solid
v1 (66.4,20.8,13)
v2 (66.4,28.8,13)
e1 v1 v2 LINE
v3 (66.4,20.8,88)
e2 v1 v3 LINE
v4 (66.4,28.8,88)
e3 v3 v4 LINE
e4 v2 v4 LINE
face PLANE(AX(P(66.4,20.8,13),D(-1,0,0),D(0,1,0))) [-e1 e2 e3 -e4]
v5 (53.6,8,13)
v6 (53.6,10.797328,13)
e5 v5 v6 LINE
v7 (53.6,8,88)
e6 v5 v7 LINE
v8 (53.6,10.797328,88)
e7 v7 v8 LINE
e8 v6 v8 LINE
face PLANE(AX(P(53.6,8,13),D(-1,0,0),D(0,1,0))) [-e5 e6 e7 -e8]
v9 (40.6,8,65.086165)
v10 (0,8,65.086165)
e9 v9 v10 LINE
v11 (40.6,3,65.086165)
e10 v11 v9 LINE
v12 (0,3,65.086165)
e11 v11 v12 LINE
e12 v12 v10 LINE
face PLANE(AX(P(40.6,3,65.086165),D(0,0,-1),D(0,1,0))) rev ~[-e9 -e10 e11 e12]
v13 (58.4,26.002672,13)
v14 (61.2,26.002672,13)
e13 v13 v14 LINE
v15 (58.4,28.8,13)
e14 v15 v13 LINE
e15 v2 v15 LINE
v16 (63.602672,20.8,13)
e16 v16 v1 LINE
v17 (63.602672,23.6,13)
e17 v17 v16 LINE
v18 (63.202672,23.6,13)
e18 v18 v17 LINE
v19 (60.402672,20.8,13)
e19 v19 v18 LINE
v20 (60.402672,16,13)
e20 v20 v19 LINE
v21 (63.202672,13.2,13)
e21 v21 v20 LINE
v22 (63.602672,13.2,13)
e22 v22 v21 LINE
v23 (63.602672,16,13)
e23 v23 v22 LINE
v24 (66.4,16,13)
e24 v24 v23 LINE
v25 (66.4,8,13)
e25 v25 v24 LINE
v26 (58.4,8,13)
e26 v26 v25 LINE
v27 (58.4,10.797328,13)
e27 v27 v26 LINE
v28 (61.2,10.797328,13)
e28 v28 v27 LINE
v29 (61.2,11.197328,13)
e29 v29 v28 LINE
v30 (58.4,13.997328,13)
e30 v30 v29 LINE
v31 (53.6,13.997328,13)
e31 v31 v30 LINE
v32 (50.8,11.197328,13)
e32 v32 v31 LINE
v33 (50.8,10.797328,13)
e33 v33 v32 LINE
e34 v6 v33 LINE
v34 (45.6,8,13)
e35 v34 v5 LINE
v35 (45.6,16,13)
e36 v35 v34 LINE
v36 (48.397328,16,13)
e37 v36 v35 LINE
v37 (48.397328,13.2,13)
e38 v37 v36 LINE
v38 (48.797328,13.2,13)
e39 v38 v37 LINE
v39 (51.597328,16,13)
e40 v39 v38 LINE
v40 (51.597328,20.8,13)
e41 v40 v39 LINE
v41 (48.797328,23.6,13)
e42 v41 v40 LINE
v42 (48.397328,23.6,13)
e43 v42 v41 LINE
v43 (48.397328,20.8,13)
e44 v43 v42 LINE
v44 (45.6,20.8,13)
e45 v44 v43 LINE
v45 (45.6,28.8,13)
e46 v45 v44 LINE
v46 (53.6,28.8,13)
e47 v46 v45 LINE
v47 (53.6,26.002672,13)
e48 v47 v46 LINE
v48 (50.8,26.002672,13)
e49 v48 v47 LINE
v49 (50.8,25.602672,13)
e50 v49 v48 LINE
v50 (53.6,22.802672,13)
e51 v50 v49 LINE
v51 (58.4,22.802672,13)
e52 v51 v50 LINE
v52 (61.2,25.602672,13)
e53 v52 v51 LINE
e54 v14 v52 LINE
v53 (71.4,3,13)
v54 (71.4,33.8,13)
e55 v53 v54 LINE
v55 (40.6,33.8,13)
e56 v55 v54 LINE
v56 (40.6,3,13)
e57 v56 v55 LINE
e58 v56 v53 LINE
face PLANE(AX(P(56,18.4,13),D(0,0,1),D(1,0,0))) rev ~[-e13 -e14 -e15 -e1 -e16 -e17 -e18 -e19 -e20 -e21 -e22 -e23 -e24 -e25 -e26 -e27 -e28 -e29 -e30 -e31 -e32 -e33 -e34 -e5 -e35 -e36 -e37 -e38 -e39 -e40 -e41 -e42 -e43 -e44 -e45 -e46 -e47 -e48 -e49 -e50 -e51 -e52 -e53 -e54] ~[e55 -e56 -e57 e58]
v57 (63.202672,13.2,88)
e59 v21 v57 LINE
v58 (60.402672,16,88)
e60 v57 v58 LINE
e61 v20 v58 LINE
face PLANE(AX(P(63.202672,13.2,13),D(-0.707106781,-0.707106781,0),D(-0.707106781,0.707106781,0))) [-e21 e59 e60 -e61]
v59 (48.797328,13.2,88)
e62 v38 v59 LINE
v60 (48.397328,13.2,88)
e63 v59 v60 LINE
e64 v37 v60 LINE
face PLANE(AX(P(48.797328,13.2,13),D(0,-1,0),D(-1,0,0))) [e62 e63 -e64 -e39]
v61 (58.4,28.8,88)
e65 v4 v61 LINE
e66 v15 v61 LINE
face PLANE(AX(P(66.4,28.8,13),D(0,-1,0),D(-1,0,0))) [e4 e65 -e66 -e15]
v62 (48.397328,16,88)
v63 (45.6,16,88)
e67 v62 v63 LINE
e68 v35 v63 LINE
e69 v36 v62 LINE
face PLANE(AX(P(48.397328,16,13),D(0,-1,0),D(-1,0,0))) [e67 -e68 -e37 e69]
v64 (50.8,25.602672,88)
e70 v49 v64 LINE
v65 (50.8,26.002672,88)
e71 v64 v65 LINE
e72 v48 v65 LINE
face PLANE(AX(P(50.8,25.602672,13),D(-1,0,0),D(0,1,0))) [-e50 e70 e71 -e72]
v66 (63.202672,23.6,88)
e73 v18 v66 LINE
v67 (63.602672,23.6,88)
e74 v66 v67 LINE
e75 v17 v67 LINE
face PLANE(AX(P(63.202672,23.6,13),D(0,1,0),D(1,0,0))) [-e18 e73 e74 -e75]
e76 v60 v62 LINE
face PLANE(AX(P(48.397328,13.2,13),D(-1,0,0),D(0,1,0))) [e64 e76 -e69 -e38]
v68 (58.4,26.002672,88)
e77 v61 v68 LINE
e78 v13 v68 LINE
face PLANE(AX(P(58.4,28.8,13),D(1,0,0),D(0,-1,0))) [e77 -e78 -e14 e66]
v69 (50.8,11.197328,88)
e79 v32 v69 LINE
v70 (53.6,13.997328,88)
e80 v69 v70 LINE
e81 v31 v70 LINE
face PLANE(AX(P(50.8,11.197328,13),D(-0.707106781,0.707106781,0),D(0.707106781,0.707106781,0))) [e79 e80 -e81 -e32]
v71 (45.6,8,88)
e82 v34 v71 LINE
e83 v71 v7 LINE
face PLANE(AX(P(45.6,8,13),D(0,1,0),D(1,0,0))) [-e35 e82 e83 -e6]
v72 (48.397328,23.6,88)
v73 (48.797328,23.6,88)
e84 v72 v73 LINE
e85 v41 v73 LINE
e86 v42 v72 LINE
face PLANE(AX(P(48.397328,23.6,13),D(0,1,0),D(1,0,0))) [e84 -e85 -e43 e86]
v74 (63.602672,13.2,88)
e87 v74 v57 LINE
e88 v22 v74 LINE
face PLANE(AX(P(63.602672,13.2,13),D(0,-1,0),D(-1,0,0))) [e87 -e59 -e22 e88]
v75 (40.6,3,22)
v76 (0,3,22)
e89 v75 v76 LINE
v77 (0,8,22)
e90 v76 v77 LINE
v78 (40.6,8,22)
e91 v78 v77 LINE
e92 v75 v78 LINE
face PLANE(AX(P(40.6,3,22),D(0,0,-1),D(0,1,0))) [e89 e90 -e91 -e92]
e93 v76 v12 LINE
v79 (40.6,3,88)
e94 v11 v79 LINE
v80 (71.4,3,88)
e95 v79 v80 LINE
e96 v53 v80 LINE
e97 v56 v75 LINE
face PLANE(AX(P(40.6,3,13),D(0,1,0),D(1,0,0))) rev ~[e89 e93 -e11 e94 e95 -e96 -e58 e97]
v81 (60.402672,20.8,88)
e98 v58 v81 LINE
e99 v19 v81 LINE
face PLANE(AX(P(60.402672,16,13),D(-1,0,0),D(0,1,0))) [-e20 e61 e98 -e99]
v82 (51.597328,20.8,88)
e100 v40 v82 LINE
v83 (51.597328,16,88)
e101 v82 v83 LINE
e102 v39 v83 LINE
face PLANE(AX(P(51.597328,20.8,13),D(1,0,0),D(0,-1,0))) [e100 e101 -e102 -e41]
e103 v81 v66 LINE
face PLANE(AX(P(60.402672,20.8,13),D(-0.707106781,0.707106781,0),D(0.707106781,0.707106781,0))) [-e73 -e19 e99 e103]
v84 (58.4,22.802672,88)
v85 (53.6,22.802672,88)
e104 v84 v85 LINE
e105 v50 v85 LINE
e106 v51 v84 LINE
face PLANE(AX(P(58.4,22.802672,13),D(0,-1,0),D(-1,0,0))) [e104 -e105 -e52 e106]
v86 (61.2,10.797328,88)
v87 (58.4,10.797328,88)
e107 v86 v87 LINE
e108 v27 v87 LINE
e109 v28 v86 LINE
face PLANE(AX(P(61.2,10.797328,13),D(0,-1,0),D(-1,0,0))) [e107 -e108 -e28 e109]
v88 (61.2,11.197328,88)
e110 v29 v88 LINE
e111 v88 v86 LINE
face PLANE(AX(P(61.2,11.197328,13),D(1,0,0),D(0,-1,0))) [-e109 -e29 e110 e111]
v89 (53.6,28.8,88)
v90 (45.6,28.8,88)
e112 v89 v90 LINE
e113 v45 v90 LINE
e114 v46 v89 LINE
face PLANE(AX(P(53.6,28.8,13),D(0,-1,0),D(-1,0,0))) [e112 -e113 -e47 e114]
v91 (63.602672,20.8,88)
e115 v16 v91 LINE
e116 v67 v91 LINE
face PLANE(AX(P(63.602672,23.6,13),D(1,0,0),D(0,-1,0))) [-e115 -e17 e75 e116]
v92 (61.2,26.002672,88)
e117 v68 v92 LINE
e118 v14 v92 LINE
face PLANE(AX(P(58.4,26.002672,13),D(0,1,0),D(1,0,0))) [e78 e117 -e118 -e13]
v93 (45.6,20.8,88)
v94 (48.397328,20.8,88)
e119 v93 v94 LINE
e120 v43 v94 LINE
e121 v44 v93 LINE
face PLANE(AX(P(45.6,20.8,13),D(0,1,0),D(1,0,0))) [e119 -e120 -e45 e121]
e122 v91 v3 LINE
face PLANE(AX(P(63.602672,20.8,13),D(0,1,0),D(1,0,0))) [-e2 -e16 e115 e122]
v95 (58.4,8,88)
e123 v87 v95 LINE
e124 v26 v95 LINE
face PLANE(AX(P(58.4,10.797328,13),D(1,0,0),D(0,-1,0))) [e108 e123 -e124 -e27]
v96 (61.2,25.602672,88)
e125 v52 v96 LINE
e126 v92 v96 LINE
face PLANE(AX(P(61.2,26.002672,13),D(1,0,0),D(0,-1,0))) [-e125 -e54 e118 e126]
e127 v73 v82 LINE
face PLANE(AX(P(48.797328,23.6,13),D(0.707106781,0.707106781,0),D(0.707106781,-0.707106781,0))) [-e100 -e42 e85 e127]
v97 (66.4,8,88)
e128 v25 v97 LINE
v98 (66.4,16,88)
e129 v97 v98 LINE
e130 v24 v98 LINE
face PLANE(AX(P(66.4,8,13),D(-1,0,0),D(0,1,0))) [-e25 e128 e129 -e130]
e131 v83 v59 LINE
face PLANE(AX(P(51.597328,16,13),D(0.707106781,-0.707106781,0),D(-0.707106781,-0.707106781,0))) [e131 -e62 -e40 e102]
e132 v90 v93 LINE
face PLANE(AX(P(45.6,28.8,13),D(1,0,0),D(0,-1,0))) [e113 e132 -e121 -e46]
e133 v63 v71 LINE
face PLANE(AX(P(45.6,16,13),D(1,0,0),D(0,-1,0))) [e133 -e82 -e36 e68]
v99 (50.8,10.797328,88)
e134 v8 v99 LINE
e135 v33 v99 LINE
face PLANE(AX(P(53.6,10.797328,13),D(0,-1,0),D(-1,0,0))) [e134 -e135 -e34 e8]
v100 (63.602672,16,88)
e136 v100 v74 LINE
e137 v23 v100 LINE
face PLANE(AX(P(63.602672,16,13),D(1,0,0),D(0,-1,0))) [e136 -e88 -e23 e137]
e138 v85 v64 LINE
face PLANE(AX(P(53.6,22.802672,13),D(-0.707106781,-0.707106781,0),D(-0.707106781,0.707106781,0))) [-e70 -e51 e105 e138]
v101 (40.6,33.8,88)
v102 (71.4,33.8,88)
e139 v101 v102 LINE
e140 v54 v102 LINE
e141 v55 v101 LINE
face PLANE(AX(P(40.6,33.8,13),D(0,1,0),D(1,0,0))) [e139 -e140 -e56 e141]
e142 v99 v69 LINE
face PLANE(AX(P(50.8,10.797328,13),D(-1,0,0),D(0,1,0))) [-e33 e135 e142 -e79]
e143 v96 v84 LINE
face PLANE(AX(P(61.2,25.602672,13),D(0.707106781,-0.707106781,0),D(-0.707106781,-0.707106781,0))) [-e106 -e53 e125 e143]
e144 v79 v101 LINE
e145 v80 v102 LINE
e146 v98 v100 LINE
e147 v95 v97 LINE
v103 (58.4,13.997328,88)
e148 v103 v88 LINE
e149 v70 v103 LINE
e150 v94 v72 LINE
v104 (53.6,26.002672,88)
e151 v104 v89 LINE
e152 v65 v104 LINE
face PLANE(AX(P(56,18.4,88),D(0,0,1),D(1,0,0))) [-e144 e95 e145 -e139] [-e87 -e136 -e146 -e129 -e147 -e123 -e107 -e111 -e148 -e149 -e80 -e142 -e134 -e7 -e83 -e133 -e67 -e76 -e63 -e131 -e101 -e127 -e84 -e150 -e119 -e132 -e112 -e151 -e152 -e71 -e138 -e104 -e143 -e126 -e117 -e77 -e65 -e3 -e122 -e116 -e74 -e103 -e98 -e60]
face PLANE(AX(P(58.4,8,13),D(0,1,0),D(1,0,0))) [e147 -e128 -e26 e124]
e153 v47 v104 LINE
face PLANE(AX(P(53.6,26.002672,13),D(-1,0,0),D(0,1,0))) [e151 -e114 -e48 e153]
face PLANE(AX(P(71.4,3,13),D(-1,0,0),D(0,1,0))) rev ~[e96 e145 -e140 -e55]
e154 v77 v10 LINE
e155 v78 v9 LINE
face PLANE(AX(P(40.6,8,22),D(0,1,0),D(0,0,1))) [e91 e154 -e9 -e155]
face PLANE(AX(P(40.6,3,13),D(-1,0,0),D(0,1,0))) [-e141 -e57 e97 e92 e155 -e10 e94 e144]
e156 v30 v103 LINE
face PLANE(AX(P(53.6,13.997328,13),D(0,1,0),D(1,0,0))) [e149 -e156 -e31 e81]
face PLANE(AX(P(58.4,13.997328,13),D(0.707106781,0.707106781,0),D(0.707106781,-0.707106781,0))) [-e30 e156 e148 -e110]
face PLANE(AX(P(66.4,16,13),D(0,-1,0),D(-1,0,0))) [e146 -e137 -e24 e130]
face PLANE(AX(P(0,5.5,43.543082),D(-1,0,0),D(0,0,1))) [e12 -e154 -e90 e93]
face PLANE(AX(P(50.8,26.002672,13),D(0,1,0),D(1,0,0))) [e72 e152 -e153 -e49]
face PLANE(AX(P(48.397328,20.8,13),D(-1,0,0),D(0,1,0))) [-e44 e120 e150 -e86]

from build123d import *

# Parameters (mm, degrees)
EXTRUDE_START   = 13
SKETCH_1_W      = 30.8
SKETCH_1_H      = 30.8
EXTRUDE_1_DEPTH = 75
SKETCH_3_W      = 43.086164537
SKETCH_3_H      = 5
EXTRUDE_2_DEPTH = 40.6


with BuildPart() as part:
    # ｽｹｯﾁ1 → ﾎﾞｽ - 押し出し1 (new body)
    with BuildSketch(Plane.XY.offset(EXTRUDE_START)):
        with Locations((56, 18.4)):
            Rectangle(SKETCH_1_W, SKETCH_1_H)
        Polygon((53.6, 26.002672003), (53.6, 28.8), (45.6, 28.8), (45.6, 20.8), (48.397327997, 20.8), (48.397327997, 23.6), (48.797327997, 23.6), (51.597327997, 20.8), (51.597327997, 16), (48.797327997, 13.2), (48.397327997, 13.2), (48.397327997, 16), (45.6, 16), (45.6, 8), (53.6, 8), (53.6, 10.797327997), (50.8, 10.797327997), (50.8, 11.197327997), (53.6, 13.997327997), (58.4, 13.997327997), (61.2, 11.197327997), (61.2, 10.797327997), (58.4, 10.797327997), (58.4, 8), (66.4, 8), (66.4, 16), (63.602672003, 16), (63.602672003, 13.2), (63.202672003, 13.2), (60.402672003, 16), (60.402672003, 20.8), (63.202672003, 23.6), (63.602672003, 23.6), (63.602672003, 20.8), (66.4, 20.8), (66.4, 28.8), (58.4, 28.8), (58.4, 26.002672003), (61.2, 26.002672003), (61.2, 25.602672003), (58.4, 22.802672003), (53.6, 22.802672003), (50.8, 25.602672003), (50.8, 26.002672003), align=None, mode=Mode.SUBTRACT)
    extrude(amount=EXTRUDE_1_DEPTH)

    # ｽｹｯﾁ3 → ﾎﾞｽ - 押し出し2 (add)
    with BuildSketch(Plane.ZY.offset(-40.6)):
        with Locations((43.543082269, 5.5)):
            Rectangle(SKETCH_3_W, SKETCH_3_H)
    extrude(amount=EXTRUDE_2_DEPTH)


solid = part.part
